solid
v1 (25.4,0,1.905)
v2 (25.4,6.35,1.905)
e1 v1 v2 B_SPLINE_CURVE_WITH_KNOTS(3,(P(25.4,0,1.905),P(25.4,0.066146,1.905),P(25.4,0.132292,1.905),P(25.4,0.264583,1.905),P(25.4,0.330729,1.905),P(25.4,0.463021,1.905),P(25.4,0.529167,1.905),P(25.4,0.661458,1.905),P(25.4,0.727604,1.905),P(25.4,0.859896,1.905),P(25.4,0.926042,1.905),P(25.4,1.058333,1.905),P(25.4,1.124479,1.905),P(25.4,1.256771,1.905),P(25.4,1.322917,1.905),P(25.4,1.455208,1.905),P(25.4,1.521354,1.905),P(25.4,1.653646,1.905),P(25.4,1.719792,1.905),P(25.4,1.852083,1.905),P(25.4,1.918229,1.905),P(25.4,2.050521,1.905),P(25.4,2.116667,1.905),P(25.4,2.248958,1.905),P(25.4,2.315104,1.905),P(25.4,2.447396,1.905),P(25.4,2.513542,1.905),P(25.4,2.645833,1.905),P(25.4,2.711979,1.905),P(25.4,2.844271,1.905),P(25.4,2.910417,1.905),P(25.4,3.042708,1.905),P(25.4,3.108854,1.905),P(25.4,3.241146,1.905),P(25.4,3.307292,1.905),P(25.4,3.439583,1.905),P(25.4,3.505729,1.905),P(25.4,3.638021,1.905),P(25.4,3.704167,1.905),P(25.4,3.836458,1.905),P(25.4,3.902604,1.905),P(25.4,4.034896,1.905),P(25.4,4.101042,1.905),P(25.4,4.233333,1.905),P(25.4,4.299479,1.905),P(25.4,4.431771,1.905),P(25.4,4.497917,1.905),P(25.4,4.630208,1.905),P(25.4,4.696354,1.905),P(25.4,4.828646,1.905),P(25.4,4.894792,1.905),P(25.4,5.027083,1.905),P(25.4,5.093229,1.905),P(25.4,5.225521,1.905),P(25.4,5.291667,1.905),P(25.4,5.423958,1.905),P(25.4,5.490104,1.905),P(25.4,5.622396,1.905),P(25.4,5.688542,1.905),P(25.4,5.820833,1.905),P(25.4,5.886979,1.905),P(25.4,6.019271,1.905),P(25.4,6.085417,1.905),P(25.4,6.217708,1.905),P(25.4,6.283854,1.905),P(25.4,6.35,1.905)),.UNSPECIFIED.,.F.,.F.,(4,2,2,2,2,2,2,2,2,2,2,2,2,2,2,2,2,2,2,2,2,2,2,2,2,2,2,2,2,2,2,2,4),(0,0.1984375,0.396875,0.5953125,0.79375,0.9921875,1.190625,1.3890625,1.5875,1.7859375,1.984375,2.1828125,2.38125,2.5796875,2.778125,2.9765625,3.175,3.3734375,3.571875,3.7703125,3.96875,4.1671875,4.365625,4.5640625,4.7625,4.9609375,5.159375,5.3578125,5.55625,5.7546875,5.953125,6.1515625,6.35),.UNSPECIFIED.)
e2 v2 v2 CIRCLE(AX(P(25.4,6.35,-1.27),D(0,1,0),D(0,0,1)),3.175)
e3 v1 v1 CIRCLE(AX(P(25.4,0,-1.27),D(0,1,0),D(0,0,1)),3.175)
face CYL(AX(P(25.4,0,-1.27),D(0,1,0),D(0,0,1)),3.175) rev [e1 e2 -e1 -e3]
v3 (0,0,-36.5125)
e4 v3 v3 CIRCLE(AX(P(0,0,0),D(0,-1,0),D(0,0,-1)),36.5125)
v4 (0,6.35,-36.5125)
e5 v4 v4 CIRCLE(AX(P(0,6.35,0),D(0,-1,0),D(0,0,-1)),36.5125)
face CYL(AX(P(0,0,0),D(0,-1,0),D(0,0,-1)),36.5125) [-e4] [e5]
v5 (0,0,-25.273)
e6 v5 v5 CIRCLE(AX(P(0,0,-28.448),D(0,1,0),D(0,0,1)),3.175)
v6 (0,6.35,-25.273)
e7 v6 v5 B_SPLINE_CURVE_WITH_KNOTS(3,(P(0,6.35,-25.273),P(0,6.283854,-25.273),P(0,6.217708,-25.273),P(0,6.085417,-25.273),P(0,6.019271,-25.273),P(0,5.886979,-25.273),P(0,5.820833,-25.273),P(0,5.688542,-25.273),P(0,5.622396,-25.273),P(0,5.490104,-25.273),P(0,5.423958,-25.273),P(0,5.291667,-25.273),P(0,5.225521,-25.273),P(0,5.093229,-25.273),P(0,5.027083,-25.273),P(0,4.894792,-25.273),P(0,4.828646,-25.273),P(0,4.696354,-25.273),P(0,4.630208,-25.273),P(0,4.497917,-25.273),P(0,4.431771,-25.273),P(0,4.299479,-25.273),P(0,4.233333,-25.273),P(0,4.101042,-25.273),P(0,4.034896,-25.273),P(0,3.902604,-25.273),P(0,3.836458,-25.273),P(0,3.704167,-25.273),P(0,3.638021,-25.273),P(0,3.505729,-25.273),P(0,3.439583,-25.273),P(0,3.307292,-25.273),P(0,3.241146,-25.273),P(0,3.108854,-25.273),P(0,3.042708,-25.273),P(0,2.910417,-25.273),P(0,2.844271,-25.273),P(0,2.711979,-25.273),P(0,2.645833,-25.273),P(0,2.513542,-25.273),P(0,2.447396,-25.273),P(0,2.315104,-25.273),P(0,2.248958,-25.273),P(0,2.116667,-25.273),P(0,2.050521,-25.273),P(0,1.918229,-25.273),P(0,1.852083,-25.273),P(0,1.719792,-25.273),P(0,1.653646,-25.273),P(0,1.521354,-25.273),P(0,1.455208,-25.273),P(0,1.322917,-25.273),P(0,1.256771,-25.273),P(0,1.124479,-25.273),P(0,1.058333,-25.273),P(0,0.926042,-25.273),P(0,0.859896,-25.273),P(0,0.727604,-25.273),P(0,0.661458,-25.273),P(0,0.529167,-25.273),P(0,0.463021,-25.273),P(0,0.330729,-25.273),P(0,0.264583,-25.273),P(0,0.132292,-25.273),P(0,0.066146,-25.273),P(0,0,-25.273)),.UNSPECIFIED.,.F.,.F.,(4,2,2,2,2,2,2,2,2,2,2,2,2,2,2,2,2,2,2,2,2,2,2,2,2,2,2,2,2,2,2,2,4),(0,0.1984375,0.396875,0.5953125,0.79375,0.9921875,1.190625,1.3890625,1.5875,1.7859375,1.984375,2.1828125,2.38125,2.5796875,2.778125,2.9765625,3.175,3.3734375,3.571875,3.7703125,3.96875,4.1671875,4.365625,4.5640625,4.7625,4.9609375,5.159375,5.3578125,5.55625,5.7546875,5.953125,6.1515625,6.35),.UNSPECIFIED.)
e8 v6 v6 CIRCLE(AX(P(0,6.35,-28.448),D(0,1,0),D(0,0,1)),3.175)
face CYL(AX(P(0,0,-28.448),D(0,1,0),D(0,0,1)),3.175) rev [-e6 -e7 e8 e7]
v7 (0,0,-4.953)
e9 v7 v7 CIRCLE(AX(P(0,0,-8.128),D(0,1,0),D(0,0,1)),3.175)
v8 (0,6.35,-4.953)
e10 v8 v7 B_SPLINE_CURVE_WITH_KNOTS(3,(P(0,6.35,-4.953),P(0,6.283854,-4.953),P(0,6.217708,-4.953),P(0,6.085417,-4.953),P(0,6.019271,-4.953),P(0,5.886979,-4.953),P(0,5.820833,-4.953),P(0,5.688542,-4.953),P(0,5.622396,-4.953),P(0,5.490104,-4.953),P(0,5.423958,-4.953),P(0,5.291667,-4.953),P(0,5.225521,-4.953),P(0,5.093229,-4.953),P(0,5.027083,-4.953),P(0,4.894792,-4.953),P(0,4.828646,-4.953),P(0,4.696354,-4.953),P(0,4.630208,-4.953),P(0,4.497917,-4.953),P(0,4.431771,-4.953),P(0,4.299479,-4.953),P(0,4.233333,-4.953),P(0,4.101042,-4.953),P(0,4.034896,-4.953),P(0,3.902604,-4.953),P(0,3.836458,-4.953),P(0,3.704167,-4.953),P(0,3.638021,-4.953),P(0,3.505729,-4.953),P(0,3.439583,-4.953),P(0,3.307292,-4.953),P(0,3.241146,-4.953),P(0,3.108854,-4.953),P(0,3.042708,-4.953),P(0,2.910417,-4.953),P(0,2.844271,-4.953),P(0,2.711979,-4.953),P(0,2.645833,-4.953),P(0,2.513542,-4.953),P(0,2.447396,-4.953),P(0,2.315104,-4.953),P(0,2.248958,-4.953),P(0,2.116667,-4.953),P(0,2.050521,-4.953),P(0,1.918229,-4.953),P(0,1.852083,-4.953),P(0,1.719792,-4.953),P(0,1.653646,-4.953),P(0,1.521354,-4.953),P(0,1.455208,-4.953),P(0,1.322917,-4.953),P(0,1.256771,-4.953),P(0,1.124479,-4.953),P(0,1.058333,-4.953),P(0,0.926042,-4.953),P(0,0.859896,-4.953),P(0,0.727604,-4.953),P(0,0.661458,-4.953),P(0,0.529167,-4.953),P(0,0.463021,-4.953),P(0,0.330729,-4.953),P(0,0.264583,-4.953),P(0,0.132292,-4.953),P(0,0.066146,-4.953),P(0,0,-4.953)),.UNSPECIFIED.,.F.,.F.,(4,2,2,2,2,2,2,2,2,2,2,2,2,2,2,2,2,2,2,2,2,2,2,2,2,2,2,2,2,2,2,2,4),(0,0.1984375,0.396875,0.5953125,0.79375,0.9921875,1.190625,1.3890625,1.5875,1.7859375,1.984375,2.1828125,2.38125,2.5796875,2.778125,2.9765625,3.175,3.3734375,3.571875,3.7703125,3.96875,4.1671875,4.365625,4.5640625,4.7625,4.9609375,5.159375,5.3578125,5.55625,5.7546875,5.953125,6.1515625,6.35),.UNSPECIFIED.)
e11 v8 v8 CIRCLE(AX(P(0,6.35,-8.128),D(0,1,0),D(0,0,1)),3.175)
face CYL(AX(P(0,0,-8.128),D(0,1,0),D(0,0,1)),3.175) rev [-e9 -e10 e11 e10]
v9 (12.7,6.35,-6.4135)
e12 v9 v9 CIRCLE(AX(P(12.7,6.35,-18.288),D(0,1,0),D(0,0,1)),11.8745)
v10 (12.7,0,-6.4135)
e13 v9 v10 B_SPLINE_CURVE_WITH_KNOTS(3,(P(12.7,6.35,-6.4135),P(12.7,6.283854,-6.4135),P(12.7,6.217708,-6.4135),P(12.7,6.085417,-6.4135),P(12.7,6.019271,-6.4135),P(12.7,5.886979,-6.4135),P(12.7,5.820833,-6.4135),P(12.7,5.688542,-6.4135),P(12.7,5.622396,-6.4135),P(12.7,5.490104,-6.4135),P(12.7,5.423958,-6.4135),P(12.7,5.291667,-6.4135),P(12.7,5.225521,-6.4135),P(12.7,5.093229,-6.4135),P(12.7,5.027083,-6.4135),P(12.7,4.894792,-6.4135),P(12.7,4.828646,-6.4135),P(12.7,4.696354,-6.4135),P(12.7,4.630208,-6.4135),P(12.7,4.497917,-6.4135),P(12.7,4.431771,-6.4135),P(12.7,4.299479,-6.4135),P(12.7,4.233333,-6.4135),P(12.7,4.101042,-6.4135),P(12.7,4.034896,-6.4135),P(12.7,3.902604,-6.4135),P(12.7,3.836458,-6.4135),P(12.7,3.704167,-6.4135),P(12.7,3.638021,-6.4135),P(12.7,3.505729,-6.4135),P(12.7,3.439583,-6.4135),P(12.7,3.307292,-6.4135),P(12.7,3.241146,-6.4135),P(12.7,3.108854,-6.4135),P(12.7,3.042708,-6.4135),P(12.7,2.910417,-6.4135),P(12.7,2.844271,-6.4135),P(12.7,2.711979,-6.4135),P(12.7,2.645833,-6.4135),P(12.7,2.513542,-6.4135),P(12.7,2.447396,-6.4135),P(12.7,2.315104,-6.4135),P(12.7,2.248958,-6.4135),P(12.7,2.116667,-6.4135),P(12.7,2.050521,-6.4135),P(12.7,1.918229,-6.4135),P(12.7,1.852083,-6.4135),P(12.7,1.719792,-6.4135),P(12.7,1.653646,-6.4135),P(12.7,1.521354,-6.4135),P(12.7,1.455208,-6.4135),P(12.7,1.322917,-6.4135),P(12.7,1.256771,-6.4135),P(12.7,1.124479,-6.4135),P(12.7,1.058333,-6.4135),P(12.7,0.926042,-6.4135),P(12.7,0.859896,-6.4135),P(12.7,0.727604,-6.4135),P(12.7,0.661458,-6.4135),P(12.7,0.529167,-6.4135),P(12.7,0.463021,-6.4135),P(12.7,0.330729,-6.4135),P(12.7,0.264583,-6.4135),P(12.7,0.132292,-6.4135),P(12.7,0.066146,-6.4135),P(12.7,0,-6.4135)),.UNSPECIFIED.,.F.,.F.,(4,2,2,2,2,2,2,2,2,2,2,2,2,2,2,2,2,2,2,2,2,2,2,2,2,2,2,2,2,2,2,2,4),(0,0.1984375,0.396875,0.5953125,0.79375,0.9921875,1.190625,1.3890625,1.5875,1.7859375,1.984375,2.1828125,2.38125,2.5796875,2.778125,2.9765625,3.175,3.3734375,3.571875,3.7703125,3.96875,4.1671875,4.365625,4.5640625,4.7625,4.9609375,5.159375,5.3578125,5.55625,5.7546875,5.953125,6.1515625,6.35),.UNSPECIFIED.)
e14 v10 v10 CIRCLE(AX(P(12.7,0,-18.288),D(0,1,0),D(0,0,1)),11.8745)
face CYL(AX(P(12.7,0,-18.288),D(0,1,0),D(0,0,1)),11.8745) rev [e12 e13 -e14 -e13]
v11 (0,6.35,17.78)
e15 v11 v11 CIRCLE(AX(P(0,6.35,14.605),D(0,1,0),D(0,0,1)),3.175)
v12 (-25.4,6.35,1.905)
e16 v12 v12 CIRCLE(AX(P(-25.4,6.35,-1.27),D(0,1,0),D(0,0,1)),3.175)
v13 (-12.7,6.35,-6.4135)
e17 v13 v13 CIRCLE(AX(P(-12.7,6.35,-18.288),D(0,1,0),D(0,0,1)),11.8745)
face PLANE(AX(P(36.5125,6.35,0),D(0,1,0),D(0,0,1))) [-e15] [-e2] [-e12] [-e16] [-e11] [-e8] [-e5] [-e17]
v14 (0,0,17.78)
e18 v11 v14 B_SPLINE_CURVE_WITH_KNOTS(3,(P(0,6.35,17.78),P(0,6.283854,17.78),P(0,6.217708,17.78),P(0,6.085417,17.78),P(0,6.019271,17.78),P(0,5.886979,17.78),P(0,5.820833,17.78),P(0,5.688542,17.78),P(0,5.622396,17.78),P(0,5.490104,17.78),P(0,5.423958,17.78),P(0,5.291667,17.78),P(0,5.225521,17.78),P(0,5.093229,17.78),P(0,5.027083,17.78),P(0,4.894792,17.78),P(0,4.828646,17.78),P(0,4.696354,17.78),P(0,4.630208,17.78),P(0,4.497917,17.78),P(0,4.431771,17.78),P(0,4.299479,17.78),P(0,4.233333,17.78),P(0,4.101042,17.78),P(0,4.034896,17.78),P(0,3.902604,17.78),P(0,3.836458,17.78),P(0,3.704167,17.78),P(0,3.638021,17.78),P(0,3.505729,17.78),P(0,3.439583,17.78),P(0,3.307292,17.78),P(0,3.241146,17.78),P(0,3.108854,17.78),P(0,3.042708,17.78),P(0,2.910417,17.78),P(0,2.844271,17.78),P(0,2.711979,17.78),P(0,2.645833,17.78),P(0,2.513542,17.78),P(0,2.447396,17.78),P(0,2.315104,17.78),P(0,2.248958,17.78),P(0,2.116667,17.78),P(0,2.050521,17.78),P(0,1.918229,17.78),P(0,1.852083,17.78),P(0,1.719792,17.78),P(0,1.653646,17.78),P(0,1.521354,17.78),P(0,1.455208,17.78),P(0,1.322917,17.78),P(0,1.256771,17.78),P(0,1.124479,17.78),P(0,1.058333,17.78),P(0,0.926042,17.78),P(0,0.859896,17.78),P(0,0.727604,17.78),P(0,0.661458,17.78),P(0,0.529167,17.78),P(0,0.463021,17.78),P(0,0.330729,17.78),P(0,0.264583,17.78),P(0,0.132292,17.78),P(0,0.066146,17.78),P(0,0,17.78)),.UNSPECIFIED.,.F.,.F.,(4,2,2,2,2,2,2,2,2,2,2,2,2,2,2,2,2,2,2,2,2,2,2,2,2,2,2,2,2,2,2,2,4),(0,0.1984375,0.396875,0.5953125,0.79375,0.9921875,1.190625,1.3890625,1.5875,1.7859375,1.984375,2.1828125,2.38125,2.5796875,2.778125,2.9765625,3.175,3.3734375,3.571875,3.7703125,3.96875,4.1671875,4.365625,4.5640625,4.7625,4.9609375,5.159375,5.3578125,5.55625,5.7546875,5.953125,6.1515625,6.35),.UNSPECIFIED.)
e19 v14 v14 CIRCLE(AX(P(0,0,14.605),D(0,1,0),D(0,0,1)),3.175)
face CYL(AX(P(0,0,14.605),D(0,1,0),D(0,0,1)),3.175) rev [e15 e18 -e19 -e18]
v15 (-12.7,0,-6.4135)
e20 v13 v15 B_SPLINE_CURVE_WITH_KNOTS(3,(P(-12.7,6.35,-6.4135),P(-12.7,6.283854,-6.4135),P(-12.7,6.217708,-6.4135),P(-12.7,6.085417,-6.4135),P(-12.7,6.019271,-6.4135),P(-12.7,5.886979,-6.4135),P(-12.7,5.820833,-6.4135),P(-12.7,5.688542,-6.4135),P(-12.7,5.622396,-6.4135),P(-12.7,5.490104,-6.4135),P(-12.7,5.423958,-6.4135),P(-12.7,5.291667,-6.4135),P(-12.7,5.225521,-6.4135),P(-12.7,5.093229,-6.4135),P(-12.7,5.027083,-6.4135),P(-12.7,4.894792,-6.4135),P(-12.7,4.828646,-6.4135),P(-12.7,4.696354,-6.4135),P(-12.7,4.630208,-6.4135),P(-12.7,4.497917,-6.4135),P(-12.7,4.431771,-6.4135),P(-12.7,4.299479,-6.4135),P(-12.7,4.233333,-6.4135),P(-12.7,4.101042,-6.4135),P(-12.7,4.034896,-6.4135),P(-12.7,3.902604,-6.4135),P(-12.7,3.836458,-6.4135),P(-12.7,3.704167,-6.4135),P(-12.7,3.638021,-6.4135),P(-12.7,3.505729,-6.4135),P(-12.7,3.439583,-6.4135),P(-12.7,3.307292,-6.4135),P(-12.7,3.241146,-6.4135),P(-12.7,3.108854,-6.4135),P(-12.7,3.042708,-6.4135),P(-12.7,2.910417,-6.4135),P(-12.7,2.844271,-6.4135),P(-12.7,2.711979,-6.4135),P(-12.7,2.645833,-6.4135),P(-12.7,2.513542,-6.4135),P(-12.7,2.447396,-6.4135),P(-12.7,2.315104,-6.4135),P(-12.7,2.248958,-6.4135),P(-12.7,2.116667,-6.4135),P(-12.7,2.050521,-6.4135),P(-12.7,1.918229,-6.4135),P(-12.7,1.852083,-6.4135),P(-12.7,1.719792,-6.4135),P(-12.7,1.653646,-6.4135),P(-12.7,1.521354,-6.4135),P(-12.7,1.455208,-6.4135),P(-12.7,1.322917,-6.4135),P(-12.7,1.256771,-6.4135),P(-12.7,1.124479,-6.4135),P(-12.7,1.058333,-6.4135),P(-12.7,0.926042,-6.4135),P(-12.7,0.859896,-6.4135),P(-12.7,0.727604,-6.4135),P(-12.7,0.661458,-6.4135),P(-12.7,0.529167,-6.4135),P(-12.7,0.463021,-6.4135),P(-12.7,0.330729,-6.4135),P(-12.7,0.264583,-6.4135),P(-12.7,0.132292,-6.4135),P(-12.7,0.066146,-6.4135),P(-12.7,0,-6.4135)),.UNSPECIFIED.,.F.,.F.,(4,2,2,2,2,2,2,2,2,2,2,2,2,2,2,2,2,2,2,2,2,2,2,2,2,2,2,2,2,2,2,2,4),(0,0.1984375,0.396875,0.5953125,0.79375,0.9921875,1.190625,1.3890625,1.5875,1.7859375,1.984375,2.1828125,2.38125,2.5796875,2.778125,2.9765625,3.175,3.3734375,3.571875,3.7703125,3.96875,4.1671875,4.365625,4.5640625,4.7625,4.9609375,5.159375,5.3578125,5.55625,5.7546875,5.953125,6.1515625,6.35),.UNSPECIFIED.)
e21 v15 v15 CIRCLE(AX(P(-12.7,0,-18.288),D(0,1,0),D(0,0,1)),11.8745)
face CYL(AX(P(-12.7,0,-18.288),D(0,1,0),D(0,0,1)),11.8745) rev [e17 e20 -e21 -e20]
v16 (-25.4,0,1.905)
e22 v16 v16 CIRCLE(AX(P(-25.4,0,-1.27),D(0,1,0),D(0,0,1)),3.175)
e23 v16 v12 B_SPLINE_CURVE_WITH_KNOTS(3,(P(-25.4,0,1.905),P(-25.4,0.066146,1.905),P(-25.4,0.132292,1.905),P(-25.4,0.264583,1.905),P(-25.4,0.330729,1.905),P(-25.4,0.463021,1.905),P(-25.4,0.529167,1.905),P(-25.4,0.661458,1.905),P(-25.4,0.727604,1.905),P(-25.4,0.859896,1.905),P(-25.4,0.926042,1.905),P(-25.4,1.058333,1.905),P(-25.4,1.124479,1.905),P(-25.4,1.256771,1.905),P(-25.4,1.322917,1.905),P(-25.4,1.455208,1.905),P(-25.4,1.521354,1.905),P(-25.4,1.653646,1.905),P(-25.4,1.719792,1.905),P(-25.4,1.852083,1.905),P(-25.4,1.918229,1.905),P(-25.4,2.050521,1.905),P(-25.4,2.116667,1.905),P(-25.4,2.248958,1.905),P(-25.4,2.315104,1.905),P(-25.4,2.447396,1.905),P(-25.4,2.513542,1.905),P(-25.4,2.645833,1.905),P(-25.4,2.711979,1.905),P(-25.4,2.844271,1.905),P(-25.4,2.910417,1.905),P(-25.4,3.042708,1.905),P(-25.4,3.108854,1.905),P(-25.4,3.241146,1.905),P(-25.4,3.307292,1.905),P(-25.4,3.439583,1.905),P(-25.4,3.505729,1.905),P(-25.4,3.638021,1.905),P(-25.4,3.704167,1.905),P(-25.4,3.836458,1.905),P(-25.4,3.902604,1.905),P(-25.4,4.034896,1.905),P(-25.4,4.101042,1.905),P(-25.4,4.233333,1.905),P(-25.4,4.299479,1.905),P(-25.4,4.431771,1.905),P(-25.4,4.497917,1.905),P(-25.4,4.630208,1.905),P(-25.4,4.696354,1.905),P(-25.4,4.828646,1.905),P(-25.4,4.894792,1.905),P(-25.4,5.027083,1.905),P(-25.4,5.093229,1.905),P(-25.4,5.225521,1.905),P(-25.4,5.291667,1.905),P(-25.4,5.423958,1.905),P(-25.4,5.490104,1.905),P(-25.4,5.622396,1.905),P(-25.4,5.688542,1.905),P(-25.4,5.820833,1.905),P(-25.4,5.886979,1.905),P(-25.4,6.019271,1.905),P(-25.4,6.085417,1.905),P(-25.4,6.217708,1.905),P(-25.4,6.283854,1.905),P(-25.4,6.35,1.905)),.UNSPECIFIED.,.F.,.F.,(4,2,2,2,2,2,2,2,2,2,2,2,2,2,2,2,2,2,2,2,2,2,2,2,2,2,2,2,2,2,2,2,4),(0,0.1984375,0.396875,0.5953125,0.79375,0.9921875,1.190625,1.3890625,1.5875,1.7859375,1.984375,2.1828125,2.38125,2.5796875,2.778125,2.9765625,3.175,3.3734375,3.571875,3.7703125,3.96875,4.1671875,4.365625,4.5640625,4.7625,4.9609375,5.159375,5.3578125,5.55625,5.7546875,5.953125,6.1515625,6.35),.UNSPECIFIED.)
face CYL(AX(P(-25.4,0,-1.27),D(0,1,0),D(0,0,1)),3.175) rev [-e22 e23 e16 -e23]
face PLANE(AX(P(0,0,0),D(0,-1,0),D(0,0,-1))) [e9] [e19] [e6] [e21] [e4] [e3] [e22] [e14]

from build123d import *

# Parameters (mm, degrees)
SKETCH1_W               = 36.5125
SKETCH1_H               = 6.35
CUT_EXTRUDE1_DEPTH      = 53.025453506
CUT_EXTRUDE1_DEPTH_BACK = 53.025453506
SKETCH2_R               = 11.8745
SKETCH2_R_2             = 3.175
CUT_EXTRUDE2_DEPTH      = 53.025453506
CUT_EXTRUDE2_DEPTH_BACK = 53.025453506
SKETCH3_R               = 3.175


with BuildPart() as part:
    # Sketch1 → Revolve1 (revolve)
    with BuildSketch(Plane.XY):
        with Locations((18.25625, 3.175)):
            Rectangle(SKETCH1_W, SKETCH1_H)
    revolve(axis=Axis((0, 0, 0), (0, 1, 0)))

    # Sketch2 → Cut-Extrude1 (cut, two sides: drawn at the far end of the back side and taken through both)
    with BuildSketch(Plane(origin=(0, 6.35, 0), x_dir=(1, 0, 0), z_dir=(0, 1, 0)).offset(-CUT_EXTRUDE1_DEPTH_BACK)):
        with Locations((-12.7, 18.288)):
            Circle(SKETCH2_R)
        with Locations((12.7, 18.288)):
            Circle(SKETCH2_R)
        with Locations((0, 28.448)):
            Circle(SKETCH2_R_2)
        with Locations((0, 8.128)):
            Circle(SKETCH2_R_2)
        with Locations((0, -14.605)):
            Circle(SKETCH2_R_2)
    extrude(amount=CUT_EXTRUDE1_DEPTH + CUT_EXTRUDE1_DEPTH_BACK, mode=Mode.SUBTRACT)

    # Sketch3 → Cut-Extrude2 (cut, two sides: drawn at the far end of the back side and taken through both)
    with BuildSketch(Plane(origin=(0, 6.35, 0), x_dir=(1, 0, 0), z_dir=(0, 1, 0)).offset(-CUT_EXTRUDE2_DEPTH_BACK)):
        with Locations((-25.4, 1.27)):
            Circle(SKETCH3_R)
        with Locations((25.4, 1.27)):
            Circle(SKETCH3_R)
    extrude(amount=CUT_EXTRUDE2_DEPTH + CUT_EXTRUDE2_DEPTH_BACK, mode=Mode.SUBTRACT)


solid = part.part
